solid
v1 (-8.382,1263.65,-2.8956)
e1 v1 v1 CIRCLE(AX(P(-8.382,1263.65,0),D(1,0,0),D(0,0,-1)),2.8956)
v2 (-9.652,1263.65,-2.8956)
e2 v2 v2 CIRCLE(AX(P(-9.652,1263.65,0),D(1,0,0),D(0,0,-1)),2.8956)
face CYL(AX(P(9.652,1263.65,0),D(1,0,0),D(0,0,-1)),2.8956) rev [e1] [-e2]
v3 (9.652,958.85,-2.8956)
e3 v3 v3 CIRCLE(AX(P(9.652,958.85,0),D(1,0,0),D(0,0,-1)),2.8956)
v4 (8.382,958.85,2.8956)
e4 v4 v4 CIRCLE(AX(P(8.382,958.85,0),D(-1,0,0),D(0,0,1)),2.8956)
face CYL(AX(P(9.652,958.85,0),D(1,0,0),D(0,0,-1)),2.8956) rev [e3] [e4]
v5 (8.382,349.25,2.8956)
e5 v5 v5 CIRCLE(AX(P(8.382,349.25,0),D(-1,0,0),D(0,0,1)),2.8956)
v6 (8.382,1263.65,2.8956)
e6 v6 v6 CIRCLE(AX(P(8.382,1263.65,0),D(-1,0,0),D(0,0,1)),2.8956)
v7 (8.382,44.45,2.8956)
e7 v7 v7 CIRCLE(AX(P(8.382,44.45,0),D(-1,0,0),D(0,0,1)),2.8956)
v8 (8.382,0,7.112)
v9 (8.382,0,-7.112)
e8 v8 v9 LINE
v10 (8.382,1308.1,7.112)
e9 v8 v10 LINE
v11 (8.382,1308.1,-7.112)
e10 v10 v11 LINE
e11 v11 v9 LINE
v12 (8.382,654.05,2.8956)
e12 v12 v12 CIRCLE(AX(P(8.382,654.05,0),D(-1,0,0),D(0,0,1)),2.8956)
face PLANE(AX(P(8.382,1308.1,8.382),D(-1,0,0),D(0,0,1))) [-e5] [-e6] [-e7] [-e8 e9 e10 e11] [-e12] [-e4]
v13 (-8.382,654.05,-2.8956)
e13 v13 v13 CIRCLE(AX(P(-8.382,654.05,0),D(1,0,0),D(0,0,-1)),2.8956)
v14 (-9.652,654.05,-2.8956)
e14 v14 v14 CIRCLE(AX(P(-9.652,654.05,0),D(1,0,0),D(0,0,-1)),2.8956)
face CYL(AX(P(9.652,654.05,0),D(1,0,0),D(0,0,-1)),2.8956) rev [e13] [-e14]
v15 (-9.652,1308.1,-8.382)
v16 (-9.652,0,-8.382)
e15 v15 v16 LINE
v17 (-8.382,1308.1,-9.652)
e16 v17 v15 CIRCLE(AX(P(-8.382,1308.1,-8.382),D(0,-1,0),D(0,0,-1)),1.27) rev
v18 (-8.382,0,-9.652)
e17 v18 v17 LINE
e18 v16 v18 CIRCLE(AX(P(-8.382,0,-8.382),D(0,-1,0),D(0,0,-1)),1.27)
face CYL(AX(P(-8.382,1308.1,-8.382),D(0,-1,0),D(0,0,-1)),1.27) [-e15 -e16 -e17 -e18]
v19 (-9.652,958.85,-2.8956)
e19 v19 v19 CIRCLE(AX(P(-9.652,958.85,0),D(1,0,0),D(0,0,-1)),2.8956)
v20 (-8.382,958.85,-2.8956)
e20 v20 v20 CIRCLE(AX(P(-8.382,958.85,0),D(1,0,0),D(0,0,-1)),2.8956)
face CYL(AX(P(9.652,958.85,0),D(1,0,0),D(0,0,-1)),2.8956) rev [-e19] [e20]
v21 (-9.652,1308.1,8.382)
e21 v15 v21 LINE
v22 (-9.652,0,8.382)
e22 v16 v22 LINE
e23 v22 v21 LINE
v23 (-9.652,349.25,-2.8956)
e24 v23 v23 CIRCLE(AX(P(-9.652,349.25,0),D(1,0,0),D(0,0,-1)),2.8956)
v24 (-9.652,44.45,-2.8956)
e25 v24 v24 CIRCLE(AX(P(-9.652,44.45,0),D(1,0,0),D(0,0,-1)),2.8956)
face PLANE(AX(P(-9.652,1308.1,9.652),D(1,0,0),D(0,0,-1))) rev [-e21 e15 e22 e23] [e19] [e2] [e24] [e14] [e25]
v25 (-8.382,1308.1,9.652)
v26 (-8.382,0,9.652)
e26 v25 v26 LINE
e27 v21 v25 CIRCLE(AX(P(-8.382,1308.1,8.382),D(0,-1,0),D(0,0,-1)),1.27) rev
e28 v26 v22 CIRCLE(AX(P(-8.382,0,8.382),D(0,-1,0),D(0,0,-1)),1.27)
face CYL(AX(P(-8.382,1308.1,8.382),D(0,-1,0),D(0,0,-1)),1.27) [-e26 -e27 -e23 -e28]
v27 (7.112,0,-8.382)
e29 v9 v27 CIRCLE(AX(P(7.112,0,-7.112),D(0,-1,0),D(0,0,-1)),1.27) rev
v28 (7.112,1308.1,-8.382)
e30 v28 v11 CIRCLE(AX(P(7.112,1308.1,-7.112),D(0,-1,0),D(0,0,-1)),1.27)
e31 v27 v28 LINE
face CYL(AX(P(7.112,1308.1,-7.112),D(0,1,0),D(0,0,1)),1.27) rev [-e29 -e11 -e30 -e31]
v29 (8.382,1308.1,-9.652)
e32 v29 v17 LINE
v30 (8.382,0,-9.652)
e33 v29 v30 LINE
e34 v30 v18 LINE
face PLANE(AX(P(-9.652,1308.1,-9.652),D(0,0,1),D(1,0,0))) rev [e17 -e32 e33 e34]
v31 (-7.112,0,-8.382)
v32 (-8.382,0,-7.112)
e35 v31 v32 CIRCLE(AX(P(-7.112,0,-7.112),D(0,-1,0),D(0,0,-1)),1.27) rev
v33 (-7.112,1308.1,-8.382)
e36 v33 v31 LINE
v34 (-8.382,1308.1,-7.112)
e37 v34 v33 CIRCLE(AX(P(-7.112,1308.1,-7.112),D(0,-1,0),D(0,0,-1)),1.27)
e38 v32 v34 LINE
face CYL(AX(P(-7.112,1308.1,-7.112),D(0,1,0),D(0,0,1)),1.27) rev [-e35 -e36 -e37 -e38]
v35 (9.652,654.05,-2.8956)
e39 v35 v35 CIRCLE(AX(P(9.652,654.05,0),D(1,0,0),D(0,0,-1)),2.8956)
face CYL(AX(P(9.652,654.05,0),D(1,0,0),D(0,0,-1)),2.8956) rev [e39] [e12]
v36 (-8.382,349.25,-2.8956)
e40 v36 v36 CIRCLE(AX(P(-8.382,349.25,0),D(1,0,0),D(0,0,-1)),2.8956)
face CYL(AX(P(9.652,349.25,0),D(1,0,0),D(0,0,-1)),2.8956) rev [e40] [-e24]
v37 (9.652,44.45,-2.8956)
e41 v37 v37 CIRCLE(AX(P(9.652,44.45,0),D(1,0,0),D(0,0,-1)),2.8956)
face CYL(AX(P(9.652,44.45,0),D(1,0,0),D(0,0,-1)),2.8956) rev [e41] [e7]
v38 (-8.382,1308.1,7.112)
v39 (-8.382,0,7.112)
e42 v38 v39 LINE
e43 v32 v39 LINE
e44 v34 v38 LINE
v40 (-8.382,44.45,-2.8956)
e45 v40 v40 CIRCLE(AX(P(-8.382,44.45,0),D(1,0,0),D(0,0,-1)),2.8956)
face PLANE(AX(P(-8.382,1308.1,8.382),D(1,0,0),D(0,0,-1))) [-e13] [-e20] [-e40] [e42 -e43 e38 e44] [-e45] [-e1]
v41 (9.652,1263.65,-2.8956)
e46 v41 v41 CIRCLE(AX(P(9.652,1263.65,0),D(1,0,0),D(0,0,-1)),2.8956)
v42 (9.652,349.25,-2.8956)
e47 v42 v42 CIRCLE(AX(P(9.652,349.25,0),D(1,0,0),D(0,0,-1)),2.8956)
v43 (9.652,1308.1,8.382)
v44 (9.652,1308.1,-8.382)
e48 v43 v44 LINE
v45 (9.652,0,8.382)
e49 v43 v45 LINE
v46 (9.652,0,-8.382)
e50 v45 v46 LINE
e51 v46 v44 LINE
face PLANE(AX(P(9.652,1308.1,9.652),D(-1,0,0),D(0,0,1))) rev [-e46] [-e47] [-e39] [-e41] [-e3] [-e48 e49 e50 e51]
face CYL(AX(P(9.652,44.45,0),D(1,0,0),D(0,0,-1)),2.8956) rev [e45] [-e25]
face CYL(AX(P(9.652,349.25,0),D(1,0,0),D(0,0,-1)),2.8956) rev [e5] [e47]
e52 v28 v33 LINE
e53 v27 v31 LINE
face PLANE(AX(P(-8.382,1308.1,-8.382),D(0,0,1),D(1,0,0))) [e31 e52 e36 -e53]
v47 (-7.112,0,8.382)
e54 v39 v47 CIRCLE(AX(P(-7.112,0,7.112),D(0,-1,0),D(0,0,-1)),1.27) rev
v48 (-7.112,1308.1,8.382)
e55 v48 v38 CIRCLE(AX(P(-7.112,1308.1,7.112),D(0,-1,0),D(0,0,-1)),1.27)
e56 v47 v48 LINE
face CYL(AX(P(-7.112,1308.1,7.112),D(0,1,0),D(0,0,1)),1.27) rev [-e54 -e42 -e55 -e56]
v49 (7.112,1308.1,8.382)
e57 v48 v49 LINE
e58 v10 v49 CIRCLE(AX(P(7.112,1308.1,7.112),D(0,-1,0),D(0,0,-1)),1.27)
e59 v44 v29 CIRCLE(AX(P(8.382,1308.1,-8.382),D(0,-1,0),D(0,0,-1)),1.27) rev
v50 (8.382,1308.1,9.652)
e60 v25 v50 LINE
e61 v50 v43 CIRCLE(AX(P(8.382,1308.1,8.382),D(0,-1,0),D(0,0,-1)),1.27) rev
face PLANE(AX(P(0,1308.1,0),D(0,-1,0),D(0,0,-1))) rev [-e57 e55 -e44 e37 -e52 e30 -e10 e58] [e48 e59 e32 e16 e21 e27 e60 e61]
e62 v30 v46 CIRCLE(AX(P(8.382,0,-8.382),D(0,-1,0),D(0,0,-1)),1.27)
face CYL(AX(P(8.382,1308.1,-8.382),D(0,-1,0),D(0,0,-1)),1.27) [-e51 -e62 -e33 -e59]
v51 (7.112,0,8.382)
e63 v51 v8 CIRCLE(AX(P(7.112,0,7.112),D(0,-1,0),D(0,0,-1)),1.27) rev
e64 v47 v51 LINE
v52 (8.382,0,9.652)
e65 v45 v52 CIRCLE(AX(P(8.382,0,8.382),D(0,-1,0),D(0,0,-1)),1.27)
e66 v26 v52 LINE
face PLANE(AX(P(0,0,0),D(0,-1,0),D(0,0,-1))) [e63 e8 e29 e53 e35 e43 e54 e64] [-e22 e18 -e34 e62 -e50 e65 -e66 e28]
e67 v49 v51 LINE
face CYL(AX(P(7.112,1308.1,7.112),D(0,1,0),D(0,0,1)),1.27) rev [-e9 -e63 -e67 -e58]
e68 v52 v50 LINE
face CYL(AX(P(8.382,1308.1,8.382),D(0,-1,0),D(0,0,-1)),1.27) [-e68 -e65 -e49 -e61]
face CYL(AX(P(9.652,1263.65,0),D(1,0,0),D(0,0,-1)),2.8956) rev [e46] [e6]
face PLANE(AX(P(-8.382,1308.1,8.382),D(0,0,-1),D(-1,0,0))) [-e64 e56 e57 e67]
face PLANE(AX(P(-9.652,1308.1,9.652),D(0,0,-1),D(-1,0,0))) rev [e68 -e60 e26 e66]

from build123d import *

# Parameters (mm, degrees)
SKETCH1_W                  = 19.304
SKETCH1_H                  = 19.304
SKETCH1_W_2                = 16.764
SKETCH1_H_2                = 16.764
BOSS_EXTRUDE1_DEPTH        = 1308.1
FILLET1_R                  = 1.27
F_1_0_228_DIAMETER_HOLE1_D = 5.7912


with BuildPart() as part:
    # Sketch1 → Boss-Extrude1 (new body)
    with BuildSketch(Plane(origin=(0, 0, 0), x_dir=(1, 0, 0), z_dir=(0, 1, 0))):
        Rectangle(SKETCH1_W, SKETCH1_H)
        Rectangle(SKETCH1_W_2, SKETCH1_H_2, mode=Mode.SUBTRACT)
    extrude(amount=BOSS_EXTRUDE1_DEPTH)

    # Fillet1
    fillet1_edges = [part.edges().sort_by_distance(p)[0] for p in [
        (-8.382, 654.05, 8.382),
        (8.382, 654.05, 8.382),
        (8.382, 654.05, -8.382),
        (-8.382, 654.05, -8.382),
        (9.652, 654.05, 9.652),
        (-9.652, 654.05, 9.652),
        (-9.652, 654.05, -9.652),
        (9.652, 654.05, -9.652),
    ]]
    fillet(fillet1_edges, radius=FILLET1_R)

    # #1 (0.228) Diameter Hole1 (through all)
    with Locations(Plane(origin=(9.652, 0, 0), x_dir=(0, 0, -1), z_dir=(1, 0, 0))):
        with Locations((0, 44.45), (0, 1263.65), (0, 958.85), (0, 654.05), (0, 349.25)):
            Hole(F_1_0_228_DIAMETER_HOLE1_D / 2)


solid = part.part
